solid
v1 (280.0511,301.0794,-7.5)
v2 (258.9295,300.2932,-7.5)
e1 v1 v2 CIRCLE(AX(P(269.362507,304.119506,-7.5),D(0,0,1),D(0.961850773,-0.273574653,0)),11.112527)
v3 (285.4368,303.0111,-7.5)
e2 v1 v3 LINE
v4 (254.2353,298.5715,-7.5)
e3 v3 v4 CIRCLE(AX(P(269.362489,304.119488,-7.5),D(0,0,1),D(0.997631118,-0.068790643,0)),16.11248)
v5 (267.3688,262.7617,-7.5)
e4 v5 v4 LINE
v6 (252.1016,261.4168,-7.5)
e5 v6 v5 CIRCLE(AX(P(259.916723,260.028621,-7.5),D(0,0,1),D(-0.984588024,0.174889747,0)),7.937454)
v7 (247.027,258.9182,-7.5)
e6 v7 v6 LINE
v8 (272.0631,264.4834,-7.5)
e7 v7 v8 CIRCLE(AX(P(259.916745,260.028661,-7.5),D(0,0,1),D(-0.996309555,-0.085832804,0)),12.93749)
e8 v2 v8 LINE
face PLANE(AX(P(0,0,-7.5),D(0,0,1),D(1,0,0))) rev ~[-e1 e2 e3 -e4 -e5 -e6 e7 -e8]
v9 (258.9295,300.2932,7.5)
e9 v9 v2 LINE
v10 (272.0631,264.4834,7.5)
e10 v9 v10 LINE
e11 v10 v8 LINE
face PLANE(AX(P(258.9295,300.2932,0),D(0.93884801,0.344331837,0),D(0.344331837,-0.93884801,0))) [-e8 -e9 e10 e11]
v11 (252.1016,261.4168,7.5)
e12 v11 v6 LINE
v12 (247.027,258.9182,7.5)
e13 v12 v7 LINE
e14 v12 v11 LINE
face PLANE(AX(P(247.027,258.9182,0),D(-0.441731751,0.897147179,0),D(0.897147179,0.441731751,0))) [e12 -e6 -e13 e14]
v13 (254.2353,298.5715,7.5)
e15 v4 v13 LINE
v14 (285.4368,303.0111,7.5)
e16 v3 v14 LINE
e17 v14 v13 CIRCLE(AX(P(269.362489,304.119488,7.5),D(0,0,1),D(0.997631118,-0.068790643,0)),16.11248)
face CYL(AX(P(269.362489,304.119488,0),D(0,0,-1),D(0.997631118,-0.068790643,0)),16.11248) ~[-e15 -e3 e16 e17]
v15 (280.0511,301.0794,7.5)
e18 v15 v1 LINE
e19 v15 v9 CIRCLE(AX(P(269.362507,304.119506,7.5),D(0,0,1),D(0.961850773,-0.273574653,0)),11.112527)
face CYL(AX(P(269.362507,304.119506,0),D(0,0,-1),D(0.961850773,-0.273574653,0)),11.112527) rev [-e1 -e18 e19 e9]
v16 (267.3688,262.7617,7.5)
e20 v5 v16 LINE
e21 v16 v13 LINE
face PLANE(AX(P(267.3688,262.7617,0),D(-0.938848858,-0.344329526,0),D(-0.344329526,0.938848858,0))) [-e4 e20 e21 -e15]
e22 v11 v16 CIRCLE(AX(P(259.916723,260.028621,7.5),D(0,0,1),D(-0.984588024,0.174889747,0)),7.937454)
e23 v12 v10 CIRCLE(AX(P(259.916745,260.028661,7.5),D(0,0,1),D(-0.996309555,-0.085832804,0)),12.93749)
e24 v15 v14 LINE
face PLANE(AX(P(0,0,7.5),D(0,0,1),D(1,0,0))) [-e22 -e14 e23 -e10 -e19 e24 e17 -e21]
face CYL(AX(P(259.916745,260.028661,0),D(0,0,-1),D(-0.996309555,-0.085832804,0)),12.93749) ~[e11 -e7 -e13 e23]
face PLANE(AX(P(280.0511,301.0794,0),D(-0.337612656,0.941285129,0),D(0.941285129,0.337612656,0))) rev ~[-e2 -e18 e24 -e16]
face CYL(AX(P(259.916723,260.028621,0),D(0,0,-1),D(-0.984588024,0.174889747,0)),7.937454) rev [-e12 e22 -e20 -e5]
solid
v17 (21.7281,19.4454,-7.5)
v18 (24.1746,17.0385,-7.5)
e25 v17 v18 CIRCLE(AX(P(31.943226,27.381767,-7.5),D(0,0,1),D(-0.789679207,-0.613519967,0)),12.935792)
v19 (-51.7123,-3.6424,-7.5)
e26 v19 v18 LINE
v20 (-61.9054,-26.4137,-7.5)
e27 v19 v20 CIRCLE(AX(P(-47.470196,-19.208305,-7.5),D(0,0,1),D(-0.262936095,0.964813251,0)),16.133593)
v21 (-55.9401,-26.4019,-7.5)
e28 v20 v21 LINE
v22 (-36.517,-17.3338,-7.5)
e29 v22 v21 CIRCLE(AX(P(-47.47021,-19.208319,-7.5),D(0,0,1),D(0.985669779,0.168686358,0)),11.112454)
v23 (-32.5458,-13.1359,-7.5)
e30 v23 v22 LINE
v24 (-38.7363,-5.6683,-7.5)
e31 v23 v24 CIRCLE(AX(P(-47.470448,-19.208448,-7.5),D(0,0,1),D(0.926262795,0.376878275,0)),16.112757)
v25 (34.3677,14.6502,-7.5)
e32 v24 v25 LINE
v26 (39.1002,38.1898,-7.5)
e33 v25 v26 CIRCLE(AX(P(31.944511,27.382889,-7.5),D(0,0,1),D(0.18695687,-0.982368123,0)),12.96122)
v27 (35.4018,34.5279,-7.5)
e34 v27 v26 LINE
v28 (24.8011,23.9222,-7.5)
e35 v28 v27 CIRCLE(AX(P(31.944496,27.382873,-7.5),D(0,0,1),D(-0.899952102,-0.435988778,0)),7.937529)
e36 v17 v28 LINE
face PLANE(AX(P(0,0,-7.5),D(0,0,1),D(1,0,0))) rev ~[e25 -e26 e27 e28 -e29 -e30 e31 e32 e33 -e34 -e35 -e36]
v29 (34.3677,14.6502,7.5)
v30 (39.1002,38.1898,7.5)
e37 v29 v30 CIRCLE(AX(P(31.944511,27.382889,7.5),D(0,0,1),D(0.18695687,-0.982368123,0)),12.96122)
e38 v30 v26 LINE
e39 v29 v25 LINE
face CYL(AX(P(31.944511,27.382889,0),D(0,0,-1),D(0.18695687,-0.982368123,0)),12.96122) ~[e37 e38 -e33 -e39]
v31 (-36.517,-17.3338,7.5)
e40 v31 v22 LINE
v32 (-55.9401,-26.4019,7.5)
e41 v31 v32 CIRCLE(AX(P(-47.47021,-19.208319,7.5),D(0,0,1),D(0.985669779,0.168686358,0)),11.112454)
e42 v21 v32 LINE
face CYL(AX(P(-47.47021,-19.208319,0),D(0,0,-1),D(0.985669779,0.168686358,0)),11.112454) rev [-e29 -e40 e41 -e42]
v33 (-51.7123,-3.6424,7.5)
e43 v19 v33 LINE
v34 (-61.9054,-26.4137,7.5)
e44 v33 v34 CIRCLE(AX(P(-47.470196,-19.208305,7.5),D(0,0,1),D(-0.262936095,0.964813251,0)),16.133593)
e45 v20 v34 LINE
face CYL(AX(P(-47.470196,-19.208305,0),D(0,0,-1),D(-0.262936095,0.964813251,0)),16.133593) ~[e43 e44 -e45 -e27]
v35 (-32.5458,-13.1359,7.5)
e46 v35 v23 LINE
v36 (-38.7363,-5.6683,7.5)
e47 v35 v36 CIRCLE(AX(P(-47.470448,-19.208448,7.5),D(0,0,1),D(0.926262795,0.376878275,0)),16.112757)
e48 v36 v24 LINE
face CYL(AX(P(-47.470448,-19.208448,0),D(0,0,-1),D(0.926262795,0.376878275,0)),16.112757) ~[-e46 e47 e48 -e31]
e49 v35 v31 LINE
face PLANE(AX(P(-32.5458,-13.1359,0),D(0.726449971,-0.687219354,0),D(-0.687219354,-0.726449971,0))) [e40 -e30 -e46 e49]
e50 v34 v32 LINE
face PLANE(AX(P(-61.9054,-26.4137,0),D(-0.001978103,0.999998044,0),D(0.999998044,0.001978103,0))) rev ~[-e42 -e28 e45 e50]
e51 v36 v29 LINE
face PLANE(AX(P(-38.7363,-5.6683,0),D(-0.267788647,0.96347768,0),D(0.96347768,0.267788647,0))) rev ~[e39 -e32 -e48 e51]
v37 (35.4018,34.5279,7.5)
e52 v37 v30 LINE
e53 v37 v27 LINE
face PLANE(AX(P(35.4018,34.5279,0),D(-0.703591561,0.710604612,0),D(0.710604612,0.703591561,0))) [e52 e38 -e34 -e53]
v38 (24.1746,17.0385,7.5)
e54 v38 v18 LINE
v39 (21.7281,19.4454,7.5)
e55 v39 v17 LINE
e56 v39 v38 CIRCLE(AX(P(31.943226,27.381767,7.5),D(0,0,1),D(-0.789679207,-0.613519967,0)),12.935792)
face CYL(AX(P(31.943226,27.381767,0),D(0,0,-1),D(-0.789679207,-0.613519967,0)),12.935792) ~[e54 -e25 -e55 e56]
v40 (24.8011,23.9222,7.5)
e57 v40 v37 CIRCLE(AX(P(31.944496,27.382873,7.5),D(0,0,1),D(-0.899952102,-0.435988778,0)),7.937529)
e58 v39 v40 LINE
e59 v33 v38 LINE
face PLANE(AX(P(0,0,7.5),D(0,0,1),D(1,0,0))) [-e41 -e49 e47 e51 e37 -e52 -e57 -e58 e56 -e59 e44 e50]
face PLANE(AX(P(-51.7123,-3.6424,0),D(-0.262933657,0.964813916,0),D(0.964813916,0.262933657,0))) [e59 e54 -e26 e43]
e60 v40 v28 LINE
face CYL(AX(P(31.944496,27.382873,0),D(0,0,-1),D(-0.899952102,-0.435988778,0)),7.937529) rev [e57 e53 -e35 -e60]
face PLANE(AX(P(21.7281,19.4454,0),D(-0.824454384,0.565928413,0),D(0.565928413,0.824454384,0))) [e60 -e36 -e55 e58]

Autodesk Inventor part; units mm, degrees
ref_plane "YZ Plane" through (0, 0, 0) normal (1, 0, 0) x (0, 1, 0)
ref_plane "XZ Plane" through (0, 0, 0) normal (0, 1, 0) x (-1, 0, 0)
ref_plane "XY Plane" through (0, 0, 0) normal (0, 0, 1) x (1, 0, 0)
sketch "Sketch1" plane through (0, 0, 0) normal (0, 0, 1) x (1, 0, 0)
  circle A0 centre (31.9445, 27.3829) radius 7.9375 construction
  circle A1 centre (-47.4702, -19.2083) radius 11.1125 construction
  line L0 (-51.7123, -3.6424) -> (24.1746, 17.0385)
  line L1 (-38.7363, -5.6683) -> (34.3677, 14.6502)
  line L2 (21.7281, 19.4454) -> (24.8011, 23.9222)
  line L3 (35.4018, 34.5279) -> (39.1002, 38.1898)
  arc A2 (34.3677, 14.6502) -> (39.1002, 38.1898) centre (31.9445, 27.3829) ccw
  arc A3 (21.7281, 19.4454) -> (24.1746, 17.0385) centre (31.9445, 27.3829) ccw
  arc A4 (24.8011, 23.9222) -> (35.4018, 34.5279) centre (31.9445, 27.3829) ccw
  line L4 (-61.9054, -26.4137) -> (-55.9401, -26.4019)
  line L5 (-32.5458, -13.1359) -> (-36.517, -17.3338)
  arc A5 (-51.7123, -3.6424) -> (-61.9054, -26.4137) centre (-47.4702, -19.2083) ccw
  arc A6 (-32.5458, -13.1359) -> (-38.7363, -5.6683) centre (-47.4702, -19.2083) ccw
  arc A7 (-36.517, -17.3338) -> (-55.9401, -26.4019) centre (-47.4702, -19.2083) ccw
  point P0 (0, 0)
sketch "Sketch2" plane through (0, 0, 0) normal (0, 0, 1) x (1, 0, 0)
  circle A0 centre (269.3625, 304.1195) radius 11.1125 construction
  circle A1 centre (259.9167, 260.0286) radius 7.9375 construction
  arc A2 (285.4368, 303.0111) -> (254.2353, 298.5715) centre (269.3625, 304.1195) ccw
  arc A3 (247.027, 258.9182) -> (272.0631, 264.4834) centre (259.9167, 260.0286) ccw
  line L0 (258.9295, 300.2932) -> (272.0631, 264.4834)
  line L1 (267.3688, 262.7617) -> (254.2353, 298.5715)
  line L2 (280.0511, 301.0794) -> (285.4368, 303.0111)
  arc A4 (280.0511, 301.0794) -> (258.9295, 300.2932) centre (269.3625, 304.1195) ccw
  line L3 (247.027, 258.9182) -> (252.1016, 261.4168)
  arc A5 (252.1016, 261.4168) -> (267.3688, 262.7617) centre (259.9167, 260.0286) ccw
  dimension "d6" = 5
  dimension "d7" = 5
extrude "Extrusion2" add sketch "Sketch1" along normal mid plane 15
extrude "Extrusion3" add sketch "Sketch2" along normal mid plane 15 separate body
equation "\"d1\" = d0"
equation "\"d0\" = 5"
properties part number "Holders"
